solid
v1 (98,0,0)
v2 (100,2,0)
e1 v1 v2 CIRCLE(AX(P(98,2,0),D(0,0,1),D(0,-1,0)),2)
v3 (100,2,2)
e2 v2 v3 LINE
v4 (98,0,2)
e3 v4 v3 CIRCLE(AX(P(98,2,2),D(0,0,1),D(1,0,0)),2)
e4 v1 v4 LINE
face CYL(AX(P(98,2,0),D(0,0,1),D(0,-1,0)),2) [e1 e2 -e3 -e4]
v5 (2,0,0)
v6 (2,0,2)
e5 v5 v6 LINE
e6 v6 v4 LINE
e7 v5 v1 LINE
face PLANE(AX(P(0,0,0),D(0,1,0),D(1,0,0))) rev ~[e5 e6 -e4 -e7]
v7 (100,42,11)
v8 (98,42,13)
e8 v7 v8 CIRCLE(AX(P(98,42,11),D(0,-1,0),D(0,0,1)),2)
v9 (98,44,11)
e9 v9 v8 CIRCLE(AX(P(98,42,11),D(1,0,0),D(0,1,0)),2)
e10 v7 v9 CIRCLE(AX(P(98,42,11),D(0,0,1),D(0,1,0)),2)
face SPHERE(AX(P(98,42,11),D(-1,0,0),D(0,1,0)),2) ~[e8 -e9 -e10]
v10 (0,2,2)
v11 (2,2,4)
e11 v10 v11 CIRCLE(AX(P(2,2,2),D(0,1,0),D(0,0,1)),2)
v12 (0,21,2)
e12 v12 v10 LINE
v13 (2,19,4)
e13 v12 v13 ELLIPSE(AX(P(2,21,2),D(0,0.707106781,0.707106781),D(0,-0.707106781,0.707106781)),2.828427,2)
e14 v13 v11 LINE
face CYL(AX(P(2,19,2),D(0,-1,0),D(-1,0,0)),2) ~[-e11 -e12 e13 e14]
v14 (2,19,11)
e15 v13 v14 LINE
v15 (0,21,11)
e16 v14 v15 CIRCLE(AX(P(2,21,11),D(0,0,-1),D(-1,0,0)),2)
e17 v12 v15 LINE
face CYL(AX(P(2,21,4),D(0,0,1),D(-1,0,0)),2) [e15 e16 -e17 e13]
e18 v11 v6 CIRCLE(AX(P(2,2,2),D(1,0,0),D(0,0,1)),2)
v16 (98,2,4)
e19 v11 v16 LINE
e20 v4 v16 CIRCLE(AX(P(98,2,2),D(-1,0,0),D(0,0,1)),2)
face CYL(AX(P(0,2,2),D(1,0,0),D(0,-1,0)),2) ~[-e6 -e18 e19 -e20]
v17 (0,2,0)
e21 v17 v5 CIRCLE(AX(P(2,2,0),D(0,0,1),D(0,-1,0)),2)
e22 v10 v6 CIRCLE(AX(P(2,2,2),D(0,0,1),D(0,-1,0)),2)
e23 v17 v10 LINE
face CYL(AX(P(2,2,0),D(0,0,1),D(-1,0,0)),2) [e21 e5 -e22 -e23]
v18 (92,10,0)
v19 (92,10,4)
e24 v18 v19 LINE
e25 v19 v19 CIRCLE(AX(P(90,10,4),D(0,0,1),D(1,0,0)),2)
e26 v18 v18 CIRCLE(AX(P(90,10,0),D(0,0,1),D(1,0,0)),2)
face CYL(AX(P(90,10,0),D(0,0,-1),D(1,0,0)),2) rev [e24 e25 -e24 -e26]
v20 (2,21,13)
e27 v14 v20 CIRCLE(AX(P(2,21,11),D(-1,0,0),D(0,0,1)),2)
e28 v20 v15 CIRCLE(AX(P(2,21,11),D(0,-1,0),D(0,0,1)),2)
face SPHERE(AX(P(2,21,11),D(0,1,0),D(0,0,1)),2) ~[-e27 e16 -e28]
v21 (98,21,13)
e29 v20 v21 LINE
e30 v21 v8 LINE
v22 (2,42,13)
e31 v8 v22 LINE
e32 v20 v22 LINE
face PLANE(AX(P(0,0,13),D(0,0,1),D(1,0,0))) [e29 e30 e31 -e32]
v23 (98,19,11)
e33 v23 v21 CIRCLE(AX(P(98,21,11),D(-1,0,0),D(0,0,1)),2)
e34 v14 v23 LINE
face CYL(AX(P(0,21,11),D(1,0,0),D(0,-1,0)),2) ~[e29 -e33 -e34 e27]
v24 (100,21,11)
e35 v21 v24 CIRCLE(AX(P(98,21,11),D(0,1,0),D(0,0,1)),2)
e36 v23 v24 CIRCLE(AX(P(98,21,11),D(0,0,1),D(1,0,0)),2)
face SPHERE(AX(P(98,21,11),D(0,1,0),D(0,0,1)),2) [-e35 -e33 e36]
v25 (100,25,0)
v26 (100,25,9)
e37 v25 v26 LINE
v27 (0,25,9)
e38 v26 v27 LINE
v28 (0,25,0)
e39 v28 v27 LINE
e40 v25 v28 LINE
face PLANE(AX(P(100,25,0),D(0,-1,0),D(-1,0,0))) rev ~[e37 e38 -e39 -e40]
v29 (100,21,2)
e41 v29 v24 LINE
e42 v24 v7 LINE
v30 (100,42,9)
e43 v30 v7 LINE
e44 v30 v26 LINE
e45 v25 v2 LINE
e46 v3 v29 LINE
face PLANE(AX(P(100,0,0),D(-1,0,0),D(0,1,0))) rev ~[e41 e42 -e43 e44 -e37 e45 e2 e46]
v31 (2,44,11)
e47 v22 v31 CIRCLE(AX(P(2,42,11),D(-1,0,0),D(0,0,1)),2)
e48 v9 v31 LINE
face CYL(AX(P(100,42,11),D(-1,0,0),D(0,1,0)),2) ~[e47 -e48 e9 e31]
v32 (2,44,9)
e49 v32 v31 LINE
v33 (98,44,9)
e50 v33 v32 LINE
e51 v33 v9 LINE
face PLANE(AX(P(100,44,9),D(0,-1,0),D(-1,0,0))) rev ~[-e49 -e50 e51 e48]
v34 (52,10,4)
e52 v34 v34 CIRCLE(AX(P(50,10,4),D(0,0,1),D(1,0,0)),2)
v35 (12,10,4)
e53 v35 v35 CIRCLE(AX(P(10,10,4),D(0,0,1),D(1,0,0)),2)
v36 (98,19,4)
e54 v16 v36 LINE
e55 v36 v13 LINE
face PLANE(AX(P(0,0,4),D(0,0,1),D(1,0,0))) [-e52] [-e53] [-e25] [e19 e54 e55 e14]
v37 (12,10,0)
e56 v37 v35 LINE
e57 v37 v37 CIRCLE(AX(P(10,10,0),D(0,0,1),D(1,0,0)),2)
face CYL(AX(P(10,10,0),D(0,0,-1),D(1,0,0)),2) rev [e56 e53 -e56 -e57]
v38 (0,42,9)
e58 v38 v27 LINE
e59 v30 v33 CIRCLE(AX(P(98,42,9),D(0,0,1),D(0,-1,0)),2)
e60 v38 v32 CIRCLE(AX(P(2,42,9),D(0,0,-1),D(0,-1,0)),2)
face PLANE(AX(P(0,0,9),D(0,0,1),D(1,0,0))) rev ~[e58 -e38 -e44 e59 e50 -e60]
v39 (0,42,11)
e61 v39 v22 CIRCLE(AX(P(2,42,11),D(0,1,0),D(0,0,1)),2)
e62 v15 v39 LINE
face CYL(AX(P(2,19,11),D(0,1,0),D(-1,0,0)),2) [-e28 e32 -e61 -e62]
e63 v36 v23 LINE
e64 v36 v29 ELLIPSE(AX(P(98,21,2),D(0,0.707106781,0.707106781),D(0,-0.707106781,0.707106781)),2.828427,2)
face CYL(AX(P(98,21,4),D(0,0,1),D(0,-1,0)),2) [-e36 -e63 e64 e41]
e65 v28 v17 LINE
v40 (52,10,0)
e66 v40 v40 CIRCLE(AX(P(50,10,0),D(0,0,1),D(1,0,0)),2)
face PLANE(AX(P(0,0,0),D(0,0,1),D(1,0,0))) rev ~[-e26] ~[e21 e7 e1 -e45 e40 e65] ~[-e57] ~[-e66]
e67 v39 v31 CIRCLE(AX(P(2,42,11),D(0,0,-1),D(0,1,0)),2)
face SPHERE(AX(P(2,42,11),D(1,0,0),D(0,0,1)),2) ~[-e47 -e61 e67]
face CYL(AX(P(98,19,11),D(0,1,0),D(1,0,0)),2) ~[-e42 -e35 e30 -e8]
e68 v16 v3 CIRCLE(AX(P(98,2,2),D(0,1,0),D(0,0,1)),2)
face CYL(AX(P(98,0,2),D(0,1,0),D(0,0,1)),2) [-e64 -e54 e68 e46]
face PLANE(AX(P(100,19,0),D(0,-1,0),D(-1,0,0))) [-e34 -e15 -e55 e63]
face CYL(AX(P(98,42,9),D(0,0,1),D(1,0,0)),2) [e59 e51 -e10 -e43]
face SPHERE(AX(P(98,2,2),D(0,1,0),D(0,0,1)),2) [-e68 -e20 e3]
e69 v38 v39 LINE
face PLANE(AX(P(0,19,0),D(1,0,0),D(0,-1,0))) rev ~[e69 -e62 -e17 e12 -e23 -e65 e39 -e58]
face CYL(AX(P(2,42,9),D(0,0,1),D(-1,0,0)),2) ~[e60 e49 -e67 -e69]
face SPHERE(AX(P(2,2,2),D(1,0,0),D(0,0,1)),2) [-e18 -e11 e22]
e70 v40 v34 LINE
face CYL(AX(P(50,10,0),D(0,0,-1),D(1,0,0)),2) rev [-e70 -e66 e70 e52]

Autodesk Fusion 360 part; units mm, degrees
sketch "Sketch1" plane through (0, 0, 0) normal (0, 0, 1) x (1, 0, 0)
  line L0 (0, 0) -> (100, 0)
  line L1 (100, 0) -> (100, 25)
  line L2 (100, 25) -> (0, 25)
  line L3 (0, 25) -> (0, 0)
  line L4 (0, 25) -> (100, 25)
  line L5 (100, 25) -> (100, 19)
  line L6 (100, 19) -> (0, 19)
  line L7 (0, 19) -> (0, 25)
  circle A0 centre (50, 10) radius 2
  circle A1 centre (10, 10) radius 2
  circle A2 centre (90, 10) radius 2
  dimension "d1" = 100
  dimension "d2" = 6
  dimension "d12" = 4
  dimension "d13" = 4
  dimension "d14" = 4
extrude "Extrude1" add sketch "Sketch1" along normal blind 4 contours L0 L1 L3 L6
extrude "Extrude2" add sketch "Sketch1" along normal blind 9 contours L1 L2 L3 L4 L5 L6 L7
sketch "Sketch2" plane through (0, 0, 9) normal (0, 0, 1) x (1, 0, 0)
  line L0 (0, 19) -> (100, 19)
  line L1 (100, 19) -> (100, 25)
  line L2 (100, 25) -> (0, 25)
  line L3 (0, 25) -> (0, 19)
  line L4 (0, 19) -> (100, 19)
  line L5 (100, 19) -> (100, 44)
  line L6 (100, 44) -> (0, 44)
  line L7 (0, 44) -> (0, 19)
  dimension "d7" = 25
  dimension "d8" = 100
extrude "Extrude3" add sketch "Sketch2" along normal blind 4
fillet "Fillet1" radius 2 13 edges at (50, 44, 13) (0, 31.5, 13) (100, 44, 11) (100, 31.5, 13) (50, 19, 13) (100, 19, 8.5) (100, 9.5, 4) (50, 0, 4) (0, 9.5, 4) (100, 0, 2) (0, 0, 2) (0, 19, 8.5) (0, 44, 11)
